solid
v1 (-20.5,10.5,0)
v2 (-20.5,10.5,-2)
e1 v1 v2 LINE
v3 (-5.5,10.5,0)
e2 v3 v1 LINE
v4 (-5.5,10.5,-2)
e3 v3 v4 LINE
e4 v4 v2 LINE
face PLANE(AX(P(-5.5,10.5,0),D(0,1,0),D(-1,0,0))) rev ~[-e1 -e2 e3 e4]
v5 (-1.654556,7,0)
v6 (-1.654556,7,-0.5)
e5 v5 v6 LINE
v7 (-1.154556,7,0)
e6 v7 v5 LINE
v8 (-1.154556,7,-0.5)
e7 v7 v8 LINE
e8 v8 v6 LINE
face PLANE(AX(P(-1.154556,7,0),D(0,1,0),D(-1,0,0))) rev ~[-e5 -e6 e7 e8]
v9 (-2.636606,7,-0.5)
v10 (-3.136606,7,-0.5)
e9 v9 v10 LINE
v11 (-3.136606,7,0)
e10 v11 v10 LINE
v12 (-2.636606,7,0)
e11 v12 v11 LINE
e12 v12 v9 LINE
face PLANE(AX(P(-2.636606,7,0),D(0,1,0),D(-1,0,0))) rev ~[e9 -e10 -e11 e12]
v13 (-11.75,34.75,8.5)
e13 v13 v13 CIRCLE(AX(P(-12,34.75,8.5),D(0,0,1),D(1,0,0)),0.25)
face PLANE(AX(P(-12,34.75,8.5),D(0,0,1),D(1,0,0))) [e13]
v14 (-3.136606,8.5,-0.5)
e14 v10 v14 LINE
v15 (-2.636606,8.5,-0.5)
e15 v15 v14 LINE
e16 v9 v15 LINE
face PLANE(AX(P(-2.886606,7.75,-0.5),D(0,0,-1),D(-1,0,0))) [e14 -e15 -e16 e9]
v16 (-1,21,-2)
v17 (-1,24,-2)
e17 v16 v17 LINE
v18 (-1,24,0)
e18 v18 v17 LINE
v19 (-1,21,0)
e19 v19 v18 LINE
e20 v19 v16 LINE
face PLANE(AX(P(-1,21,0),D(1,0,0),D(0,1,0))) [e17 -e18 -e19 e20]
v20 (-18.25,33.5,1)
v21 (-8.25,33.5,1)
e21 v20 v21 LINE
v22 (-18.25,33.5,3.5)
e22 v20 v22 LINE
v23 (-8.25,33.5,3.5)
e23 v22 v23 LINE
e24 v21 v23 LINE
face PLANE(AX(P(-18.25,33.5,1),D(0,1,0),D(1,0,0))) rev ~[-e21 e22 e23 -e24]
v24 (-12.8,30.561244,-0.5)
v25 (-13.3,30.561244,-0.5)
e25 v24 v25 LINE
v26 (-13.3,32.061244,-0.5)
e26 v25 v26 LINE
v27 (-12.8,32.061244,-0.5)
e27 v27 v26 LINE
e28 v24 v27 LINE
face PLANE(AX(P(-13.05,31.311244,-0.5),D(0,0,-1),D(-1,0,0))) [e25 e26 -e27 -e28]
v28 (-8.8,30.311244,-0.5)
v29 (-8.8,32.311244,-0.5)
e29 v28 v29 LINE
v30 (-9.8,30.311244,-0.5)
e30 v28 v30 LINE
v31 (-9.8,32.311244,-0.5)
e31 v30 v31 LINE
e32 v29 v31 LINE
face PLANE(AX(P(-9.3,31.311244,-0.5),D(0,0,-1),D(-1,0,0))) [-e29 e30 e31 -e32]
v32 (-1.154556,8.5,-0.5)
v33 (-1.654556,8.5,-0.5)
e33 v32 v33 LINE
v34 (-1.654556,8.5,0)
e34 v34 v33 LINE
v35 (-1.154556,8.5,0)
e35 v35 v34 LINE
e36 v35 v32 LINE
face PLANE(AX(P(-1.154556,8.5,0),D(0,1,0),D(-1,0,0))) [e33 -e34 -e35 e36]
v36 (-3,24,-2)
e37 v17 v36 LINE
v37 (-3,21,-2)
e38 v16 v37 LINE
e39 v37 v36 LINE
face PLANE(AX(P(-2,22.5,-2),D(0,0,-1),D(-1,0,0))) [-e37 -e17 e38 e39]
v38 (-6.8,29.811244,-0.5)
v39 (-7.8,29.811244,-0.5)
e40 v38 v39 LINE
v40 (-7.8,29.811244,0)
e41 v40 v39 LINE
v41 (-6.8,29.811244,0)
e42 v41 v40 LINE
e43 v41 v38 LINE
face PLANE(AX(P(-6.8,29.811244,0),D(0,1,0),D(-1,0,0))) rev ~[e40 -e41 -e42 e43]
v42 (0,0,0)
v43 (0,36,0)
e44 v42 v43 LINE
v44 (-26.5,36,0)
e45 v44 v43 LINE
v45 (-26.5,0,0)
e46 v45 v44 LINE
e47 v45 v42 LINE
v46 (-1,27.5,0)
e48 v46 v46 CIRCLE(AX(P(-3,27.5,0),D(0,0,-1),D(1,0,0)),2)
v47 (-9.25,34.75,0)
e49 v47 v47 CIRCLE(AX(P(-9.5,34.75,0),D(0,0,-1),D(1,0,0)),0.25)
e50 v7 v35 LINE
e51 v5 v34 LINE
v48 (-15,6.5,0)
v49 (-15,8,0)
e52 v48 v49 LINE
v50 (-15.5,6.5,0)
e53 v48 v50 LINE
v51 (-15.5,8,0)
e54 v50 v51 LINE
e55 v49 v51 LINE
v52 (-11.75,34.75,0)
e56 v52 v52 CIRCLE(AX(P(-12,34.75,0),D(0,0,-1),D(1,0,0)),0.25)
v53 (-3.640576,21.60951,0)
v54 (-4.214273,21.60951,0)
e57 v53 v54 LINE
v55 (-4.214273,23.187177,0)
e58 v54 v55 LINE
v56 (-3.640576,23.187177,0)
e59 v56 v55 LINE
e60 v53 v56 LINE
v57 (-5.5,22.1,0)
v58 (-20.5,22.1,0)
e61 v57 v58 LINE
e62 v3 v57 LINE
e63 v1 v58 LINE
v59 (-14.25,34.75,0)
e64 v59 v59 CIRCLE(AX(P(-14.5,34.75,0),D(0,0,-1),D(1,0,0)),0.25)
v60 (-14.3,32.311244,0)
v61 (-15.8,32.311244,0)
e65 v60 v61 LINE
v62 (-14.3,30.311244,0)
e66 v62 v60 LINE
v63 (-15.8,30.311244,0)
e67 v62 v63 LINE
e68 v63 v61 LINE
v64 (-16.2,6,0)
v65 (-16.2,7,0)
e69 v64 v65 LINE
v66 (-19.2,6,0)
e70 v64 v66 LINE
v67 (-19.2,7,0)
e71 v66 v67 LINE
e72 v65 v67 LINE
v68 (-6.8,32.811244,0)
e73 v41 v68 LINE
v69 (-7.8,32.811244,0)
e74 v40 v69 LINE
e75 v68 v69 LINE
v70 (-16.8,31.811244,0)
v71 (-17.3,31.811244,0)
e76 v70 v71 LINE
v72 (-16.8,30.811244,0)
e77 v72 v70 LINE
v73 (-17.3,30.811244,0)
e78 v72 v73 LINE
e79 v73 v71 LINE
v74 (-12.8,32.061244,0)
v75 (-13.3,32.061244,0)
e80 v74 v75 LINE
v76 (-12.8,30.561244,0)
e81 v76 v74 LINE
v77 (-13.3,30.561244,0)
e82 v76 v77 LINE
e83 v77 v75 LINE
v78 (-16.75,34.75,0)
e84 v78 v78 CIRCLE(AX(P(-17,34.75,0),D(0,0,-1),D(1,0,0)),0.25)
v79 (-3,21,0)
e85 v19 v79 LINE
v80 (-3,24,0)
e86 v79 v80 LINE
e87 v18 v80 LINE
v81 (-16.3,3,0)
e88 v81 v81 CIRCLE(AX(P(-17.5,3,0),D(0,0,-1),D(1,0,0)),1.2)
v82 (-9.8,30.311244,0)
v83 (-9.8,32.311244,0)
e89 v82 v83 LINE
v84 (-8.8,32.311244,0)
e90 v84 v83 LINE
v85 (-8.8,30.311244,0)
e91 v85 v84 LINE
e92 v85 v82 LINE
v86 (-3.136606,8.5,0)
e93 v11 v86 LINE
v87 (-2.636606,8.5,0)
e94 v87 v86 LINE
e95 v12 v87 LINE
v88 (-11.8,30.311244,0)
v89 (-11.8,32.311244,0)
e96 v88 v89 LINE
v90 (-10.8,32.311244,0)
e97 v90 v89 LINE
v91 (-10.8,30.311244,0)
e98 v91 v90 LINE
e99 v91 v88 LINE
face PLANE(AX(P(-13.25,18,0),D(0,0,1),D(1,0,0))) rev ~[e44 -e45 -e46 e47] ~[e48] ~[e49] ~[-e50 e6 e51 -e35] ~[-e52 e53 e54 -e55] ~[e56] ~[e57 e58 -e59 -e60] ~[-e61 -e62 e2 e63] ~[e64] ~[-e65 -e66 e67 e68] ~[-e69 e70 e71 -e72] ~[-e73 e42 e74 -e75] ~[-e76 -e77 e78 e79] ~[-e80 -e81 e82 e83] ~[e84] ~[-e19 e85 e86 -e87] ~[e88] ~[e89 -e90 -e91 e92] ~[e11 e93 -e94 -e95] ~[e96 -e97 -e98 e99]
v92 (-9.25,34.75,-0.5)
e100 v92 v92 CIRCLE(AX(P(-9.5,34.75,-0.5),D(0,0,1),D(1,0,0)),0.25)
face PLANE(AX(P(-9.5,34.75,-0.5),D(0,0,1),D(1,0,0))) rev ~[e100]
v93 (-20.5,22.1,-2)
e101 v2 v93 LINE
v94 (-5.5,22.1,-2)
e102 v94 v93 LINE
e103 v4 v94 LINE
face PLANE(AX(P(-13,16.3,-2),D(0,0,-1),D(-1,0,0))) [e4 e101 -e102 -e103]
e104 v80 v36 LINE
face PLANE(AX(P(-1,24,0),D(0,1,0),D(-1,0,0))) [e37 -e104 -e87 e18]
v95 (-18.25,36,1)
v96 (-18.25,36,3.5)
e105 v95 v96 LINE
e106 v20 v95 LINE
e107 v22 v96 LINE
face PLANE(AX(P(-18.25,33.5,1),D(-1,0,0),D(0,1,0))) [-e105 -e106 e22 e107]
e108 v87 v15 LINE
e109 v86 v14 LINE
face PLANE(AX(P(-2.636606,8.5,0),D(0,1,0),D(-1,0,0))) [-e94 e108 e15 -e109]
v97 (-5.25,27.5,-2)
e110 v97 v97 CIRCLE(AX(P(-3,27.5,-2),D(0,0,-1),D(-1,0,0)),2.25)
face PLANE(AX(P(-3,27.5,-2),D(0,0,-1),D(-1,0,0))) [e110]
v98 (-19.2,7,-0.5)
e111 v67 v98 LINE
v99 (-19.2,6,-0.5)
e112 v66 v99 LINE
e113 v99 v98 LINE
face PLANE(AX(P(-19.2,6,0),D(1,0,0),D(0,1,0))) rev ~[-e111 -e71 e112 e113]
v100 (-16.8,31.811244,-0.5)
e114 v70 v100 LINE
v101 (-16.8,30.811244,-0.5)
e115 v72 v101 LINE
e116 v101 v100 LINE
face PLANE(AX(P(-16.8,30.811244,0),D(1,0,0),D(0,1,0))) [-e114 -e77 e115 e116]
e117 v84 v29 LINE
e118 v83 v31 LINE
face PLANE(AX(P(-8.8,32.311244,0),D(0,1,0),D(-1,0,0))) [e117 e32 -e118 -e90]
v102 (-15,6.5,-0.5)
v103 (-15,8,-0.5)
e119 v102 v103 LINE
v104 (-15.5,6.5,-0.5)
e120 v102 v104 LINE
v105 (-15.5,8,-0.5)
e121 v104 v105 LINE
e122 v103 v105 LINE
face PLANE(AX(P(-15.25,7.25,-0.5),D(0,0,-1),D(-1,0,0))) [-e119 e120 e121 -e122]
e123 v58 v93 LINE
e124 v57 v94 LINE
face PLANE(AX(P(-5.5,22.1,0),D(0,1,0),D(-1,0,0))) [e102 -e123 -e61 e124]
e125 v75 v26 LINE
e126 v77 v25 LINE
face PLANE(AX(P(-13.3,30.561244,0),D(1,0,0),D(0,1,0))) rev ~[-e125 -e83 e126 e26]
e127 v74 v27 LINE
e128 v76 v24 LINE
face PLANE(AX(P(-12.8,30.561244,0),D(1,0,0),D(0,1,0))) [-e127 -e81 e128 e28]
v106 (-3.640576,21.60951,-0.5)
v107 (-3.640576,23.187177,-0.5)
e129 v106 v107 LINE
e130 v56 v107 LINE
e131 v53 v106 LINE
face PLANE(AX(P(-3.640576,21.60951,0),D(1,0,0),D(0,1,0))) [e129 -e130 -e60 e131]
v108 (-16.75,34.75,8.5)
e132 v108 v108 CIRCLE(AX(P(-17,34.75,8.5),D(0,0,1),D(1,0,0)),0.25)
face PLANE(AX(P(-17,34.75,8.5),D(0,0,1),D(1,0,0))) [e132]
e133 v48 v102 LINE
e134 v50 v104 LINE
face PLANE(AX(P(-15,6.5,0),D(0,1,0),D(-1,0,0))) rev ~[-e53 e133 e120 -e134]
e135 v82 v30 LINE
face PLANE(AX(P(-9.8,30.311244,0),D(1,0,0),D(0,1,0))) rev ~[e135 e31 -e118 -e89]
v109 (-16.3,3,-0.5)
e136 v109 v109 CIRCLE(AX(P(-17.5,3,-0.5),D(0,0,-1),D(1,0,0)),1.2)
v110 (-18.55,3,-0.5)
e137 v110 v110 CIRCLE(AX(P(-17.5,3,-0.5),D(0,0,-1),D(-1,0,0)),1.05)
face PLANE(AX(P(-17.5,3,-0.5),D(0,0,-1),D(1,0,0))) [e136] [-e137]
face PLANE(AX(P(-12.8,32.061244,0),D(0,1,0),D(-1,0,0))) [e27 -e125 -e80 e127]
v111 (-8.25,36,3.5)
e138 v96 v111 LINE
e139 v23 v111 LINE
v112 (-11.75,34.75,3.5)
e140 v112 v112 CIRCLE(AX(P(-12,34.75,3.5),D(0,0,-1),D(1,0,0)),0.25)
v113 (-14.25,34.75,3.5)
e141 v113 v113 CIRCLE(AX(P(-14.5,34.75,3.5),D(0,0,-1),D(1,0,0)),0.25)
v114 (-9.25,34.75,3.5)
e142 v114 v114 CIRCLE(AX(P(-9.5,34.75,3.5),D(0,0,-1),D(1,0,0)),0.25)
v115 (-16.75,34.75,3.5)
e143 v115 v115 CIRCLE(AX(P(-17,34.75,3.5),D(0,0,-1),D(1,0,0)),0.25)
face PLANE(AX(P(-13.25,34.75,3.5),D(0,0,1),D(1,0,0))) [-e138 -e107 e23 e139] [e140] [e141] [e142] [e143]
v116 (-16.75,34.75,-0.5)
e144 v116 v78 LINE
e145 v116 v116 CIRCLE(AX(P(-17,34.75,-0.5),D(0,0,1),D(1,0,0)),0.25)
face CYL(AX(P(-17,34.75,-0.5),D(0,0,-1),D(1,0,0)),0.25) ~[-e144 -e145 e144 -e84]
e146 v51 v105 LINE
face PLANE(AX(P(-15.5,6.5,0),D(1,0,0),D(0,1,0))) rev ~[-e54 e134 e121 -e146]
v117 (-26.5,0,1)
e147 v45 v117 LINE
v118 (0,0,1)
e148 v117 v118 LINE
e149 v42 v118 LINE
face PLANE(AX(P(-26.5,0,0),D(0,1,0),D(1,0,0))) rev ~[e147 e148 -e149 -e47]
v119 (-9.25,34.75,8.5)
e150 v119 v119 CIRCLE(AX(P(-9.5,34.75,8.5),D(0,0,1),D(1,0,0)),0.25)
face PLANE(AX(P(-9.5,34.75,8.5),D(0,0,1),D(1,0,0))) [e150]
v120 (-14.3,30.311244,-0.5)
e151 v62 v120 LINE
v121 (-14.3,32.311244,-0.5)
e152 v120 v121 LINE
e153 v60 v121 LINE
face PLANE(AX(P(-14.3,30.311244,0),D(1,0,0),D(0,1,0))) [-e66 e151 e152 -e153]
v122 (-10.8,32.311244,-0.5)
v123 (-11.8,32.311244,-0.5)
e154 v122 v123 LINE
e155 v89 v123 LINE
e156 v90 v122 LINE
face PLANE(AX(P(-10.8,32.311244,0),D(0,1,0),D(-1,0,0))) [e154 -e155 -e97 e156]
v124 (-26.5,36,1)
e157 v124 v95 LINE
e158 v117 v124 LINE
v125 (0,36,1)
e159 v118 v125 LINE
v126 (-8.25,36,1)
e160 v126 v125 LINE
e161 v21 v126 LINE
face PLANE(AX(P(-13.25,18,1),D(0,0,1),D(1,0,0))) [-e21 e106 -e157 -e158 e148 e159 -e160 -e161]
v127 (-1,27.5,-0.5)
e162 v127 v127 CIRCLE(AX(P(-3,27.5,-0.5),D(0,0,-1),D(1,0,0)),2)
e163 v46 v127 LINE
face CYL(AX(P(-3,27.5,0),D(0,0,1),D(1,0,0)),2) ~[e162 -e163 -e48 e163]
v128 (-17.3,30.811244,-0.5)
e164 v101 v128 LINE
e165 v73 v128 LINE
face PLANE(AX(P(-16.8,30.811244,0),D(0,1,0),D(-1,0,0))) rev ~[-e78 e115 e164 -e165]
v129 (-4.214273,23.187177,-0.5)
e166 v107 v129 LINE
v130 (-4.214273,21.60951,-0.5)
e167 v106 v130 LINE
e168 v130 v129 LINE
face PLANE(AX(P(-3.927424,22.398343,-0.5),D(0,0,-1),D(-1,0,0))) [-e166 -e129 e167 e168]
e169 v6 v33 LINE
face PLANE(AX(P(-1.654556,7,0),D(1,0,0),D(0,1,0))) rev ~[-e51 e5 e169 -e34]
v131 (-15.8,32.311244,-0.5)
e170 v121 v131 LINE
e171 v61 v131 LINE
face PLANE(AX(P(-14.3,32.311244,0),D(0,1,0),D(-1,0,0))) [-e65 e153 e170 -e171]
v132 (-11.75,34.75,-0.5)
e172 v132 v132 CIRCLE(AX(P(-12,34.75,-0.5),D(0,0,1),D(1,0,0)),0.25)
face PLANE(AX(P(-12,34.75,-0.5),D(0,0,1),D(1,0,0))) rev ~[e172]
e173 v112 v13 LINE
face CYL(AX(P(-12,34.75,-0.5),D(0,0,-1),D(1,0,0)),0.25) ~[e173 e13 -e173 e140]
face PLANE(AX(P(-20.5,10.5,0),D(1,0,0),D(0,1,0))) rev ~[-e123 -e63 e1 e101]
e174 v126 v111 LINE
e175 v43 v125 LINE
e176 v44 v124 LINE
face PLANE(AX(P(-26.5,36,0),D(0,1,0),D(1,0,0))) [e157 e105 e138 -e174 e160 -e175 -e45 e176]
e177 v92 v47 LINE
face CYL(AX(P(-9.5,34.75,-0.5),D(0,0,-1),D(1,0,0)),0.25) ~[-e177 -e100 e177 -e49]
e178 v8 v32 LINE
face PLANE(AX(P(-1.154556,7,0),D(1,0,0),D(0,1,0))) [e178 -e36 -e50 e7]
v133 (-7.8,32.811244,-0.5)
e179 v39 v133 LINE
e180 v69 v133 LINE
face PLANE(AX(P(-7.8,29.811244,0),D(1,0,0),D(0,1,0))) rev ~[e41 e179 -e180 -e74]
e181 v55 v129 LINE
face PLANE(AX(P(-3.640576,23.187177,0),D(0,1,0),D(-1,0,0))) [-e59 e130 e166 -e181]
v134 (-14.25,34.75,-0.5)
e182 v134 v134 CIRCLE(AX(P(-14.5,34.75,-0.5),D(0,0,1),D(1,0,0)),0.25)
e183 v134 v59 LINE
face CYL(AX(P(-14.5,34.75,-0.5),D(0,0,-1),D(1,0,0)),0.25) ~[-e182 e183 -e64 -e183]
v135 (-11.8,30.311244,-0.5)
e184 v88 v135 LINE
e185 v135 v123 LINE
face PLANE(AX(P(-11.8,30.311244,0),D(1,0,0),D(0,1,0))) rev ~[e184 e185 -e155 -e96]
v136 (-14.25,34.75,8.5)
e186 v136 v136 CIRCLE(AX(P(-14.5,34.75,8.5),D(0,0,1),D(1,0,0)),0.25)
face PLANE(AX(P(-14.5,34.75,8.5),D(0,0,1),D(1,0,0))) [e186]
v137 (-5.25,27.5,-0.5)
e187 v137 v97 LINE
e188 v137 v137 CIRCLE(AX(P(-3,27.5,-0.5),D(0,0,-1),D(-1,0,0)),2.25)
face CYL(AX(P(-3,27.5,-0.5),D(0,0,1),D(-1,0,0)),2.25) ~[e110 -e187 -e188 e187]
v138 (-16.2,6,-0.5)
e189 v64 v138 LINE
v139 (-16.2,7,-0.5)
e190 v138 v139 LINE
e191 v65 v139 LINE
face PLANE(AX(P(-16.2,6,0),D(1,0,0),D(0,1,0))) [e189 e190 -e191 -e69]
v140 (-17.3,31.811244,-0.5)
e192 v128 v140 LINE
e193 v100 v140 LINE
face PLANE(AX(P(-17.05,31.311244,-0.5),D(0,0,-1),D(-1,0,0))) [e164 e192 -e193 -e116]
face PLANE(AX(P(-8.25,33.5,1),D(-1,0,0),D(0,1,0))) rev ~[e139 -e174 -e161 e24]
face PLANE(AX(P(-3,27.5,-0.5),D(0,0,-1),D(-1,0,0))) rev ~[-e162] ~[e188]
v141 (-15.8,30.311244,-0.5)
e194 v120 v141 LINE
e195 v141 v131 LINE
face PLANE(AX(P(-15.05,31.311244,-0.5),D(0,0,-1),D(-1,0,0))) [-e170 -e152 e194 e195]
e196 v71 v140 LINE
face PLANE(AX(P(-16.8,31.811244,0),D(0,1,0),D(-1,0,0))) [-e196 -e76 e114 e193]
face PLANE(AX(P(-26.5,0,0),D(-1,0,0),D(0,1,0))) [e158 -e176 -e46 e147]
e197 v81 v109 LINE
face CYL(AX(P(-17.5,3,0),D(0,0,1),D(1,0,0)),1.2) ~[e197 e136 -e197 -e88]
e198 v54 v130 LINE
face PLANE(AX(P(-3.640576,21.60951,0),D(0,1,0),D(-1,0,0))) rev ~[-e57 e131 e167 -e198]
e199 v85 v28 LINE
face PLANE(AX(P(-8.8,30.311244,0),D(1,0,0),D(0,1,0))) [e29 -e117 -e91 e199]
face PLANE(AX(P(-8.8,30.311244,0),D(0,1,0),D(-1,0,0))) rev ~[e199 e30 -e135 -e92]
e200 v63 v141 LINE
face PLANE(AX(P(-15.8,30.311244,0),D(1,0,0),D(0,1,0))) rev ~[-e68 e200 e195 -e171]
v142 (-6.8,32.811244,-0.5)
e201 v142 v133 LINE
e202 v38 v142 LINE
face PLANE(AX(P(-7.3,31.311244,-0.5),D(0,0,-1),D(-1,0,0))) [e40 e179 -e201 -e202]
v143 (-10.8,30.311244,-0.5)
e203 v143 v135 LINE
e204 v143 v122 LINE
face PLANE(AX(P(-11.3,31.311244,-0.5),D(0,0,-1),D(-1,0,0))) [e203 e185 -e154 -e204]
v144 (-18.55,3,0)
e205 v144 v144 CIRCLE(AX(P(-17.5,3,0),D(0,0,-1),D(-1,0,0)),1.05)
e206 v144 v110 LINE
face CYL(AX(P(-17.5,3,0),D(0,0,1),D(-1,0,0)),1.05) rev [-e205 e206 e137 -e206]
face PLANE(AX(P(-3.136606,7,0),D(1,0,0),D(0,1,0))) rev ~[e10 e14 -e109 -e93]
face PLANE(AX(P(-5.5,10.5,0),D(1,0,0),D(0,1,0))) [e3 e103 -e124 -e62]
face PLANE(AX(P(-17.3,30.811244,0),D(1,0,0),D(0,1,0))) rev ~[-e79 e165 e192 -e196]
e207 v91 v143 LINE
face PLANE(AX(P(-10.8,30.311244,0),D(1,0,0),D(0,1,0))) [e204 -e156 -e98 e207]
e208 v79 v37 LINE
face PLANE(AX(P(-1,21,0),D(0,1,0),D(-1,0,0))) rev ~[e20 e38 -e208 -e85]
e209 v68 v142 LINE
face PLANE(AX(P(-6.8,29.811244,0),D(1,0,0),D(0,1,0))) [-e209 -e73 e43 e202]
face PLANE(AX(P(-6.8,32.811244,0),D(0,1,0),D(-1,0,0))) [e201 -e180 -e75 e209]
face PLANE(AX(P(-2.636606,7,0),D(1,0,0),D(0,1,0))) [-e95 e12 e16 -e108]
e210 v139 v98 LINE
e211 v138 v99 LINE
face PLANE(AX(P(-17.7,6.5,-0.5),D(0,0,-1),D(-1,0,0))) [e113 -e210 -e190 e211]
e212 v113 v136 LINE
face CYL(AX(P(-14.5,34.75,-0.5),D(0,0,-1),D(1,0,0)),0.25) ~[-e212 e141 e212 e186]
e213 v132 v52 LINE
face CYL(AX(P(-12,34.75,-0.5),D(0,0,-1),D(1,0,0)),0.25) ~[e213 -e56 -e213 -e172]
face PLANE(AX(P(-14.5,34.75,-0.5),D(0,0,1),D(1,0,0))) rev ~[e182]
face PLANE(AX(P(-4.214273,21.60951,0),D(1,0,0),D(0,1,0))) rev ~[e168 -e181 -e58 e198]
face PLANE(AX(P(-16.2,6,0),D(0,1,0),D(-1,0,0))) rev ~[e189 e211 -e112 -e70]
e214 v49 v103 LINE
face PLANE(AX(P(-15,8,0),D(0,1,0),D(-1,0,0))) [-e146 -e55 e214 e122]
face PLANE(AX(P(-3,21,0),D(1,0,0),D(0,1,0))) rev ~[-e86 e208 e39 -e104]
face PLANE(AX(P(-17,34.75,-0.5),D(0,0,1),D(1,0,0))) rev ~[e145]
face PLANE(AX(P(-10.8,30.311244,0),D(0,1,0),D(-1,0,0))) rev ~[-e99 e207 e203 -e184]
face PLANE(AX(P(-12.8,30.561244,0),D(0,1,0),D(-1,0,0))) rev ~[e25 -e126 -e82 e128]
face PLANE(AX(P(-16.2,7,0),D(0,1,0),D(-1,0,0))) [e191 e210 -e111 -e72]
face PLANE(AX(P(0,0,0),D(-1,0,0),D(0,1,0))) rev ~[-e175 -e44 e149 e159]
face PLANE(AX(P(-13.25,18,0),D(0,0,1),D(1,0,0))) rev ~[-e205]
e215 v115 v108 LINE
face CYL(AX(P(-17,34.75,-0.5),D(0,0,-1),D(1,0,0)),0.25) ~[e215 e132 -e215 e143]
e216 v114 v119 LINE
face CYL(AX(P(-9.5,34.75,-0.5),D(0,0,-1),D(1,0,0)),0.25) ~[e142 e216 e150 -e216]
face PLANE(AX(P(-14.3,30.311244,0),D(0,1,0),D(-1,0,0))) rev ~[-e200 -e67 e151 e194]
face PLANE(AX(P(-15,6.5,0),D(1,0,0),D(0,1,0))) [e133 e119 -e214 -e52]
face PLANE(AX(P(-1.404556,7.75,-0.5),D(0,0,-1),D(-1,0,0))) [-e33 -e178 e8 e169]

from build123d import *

# Parameters (mm, degrees)
ESQUISSE1_W             = 26.5
ESQUISSE1_H             = 36
BOSS_EXTRU_1_DEPTH      = 1
ESQUISSE2_W             = 10
ESQUISSE2_H             = 2.5
BOSS_EXTRU_2_DEPTH      = 2.5
BOSS_EXTRU_3_DEPTH      = 5
BOSS_EXTRU_3_DEPTH_BACK = 4
ESQUISSE3_R             = 0.25
ESQUISSE4_W             = 1
ESQUISSE4_H             = 3
ESQUISSE4_H_2           = 2
ESQUISSE4_W_2           = 0.5
ESQUISSE4_H_3           = 1.5
ESQUISSE4_W_3           = 1.5
ESQUISSE4_H_4           = 1
BOSS_EXTRU_4_DEPTH      = 0.5
ESQUISSE5_R             = 2
BOSS_EXTRU_5_DEPTH      = 0.5
ESQUISSE6_R             = 2.25
BOSS_EXTRU_6_DEPTH      = 1.5
ESQUISSE7_W             = 15
ESQUISSE7_H             = 11.6
ESQUISSE7_W_2           = 2
ESQUISSE7_H_2           = 3
BOSS_EXTRU_7_DEPTH      = 2
ESQUISSE8_R             = 1.2
ESQUISSE8_R_2           = 1.05
ESQUISSE8_W             = 0.573696965
ESQUISSE8_H             = 1.577666654
ESQUISSE8_W_2           = 0.5
ESQUISSE8_H_2           = 1.5
ESQUISSE8_W_3           = 3
ESQUISSE8_H_3           = 1
BOSS_EXTRU_8_DEPTH      = 0.5


with BuildPart() as part:
    # Esquisse1 → Boss.-Extru.1 (new body)
    with BuildSketch(Plane.XY):
        with Locations((-13.25, 18)):
            Rectangle(ESQUISSE1_W, ESQUISSE1_H)
    extrude(amount=BOSS_EXTRU_1_DEPTH)

    # Esquisse2 → Boss.-Extru.2 (add)
    with BuildSketch(Plane.XY.offset(1)):
        with Locations((-13.25, 34.75)):
            Rectangle(ESQUISSE2_W, ESQUISSE2_H)
    extrude(amount=BOSS_EXTRU_2_DEPTH)

    # Esquisse3 → Boss.-Extru.3 (add, two sides: drawn at the far end of the back side and taken through both)
    with BuildSketch(Plane.XY.offset(3.5).offset(-BOSS_EXTRU_3_DEPTH_BACK)):
        with Locations((-17, 34.75)):
            Circle(ESQUISSE3_R)
        with Locations((-14.5, 34.75)):
            Circle(ESQUISSE3_R)
        with Locations((-12, 34.75)):
            Circle(ESQUISSE3_R)
        with Locations((-9.5, 34.75)):
            Circle(ESQUISSE3_R)
    extrude(amount=BOSS_EXTRU_3_DEPTH + BOSS_EXTRU_3_DEPTH_BACK)

    # Esquisse4 → Boss.-Extru.4 (add)
    with BuildSketch(Plane(origin=(0, 0, 0), x_dir=(-1, 0, 0), z_dir=(0, 0, -1))):
        with Locations((7.3, 31.311243574)):
            Rectangle(ESQUISSE4_W, ESQUISSE4_H)
        with Locations((9.3, 31.311243574)):
            Rectangle(ESQUISSE4_W, ESQUISSE4_H_2)
        with Locations((11.3, 31.311243574)):
            Rectangle(ESQUISSE4_W, ESQUISSE4_H_2)
        with Locations((13.05, 31.311243574)):
            Rectangle(ESQUISSE4_W_2, ESQUISSE4_H_3)
        with Locations((15.05, 31.311243574)):
            Rectangle(ESQUISSE4_W_3, ESQUISSE4_H_2)
        with Locations((17.05, 31.311243574)):
            Rectangle(ESQUISSE4_W_2, ESQUISSE4_H_4)
    extrude(amount=BOSS_EXTRU_4_DEPTH)

    # Esquisse5 → Boss.-Extru.5 (add)
    with BuildSketch(Plane(origin=(0, 0, 0), x_dir=(-1, 0, 0), z_dir=(0, 0, -1))):
        with Locations(Location((3, 27.5, 0), (0, 0, 180))):
            Circle(ESQUISSE5_R)
    extrude(amount=BOSS_EXTRU_5_DEPTH)

    # Esquisse6 → Boss.-Extru.6 (add)
    with BuildSketch(Plane(origin=(0, 0, -0.5), x_dir=(-1, 0, 0), z_dir=(0, 0, -1))):
        with Locations((3, 27.5)):
            Circle(ESQUISSE6_R)
    extrude(amount=BOSS_EXTRU_6_DEPTH)

    # Esquisse7 → Boss.-Extru.7 (add)
    with BuildSketch(Plane(origin=(0, 0, 0), x_dir=(-1, 0, 0), z_dir=(0, 0, -1))):
        with Locations((13, 16.3)):
            Rectangle(ESQUISSE7_W, ESQUISSE7_H)
        with Locations((2, 22.5)):
            Rectangle(ESQUISSE7_W_2, ESQUISSE7_H_2)
    extrude(amount=BOSS_EXTRU_7_DEPTH)

    # Esquisse8 → Boss.-Extru.8 (add)
    # profile 1 of 6: a face of its own
    with BuildSketch(Plane(origin=(0, 0, 0), x_dir=(-1, 0, 0), z_dir=(0, 0, -1))):
        with Locations(Location((17.5, 3, 0), (0, 0, 180))):
            Circle(ESQUISSE8_R)
        with Locations((17.5, 3)):
            Circle(ESQUISSE8_R_2, mode=Mode.SUBTRACT)
    # profile 2 of 6: a face of its own
    with BuildSketch(Plane(origin=(0, 0, 0), x_dir=(-1, 0, 0), z_dir=(0, 0, -1))):
        with Locations((3.927424315, 22.3983434)):
            Rectangle(ESQUISSE8_W, ESQUISSE8_H)
    # profile 3 of 6: a face of its own
    with BuildSketch(Plane(origin=(0, 0, 0), x_dir=(-1, 0, 0), z_dir=(0, 0, -1))):
        with Locations((1.404555649, 7.75)):
            Rectangle(ESQUISSE8_W_2, ESQUISSE8_H_2)
    # profile 4 of 6: a face of its own
    with BuildSketch(Plane(origin=(0, 0, 0), x_dir=(-1, 0, 0), z_dir=(0, 0, -1))):
        with Locations((2.886606143, 7.75)):
            Rectangle(ESQUISSE8_W_2, ESQUISSE8_H_2)
    # profile 5 of 6: a face of its own
    with BuildSketch(Plane(origin=(0, 0, 0), x_dir=(-1, 0, 0), z_dir=(0, 0, -1))):
        with Locations((15.25, 7.25)):
            Rectangle(ESQUISSE8_W_2, ESQUISSE8_H_2)
    # profile 6 of 6: a face of its own
    with BuildSketch(Plane(origin=(0, 0, 0), x_dir=(-1, 0, 0), z_dir=(0, 0, -1))):
        with Locations((17.7, 6.5)):
            Rectangle(ESQUISSE8_W_3, ESQUISSE8_H_3)
    extrude(amount=BOSS_EXTRU_8_DEPTH)


solid = part.part
